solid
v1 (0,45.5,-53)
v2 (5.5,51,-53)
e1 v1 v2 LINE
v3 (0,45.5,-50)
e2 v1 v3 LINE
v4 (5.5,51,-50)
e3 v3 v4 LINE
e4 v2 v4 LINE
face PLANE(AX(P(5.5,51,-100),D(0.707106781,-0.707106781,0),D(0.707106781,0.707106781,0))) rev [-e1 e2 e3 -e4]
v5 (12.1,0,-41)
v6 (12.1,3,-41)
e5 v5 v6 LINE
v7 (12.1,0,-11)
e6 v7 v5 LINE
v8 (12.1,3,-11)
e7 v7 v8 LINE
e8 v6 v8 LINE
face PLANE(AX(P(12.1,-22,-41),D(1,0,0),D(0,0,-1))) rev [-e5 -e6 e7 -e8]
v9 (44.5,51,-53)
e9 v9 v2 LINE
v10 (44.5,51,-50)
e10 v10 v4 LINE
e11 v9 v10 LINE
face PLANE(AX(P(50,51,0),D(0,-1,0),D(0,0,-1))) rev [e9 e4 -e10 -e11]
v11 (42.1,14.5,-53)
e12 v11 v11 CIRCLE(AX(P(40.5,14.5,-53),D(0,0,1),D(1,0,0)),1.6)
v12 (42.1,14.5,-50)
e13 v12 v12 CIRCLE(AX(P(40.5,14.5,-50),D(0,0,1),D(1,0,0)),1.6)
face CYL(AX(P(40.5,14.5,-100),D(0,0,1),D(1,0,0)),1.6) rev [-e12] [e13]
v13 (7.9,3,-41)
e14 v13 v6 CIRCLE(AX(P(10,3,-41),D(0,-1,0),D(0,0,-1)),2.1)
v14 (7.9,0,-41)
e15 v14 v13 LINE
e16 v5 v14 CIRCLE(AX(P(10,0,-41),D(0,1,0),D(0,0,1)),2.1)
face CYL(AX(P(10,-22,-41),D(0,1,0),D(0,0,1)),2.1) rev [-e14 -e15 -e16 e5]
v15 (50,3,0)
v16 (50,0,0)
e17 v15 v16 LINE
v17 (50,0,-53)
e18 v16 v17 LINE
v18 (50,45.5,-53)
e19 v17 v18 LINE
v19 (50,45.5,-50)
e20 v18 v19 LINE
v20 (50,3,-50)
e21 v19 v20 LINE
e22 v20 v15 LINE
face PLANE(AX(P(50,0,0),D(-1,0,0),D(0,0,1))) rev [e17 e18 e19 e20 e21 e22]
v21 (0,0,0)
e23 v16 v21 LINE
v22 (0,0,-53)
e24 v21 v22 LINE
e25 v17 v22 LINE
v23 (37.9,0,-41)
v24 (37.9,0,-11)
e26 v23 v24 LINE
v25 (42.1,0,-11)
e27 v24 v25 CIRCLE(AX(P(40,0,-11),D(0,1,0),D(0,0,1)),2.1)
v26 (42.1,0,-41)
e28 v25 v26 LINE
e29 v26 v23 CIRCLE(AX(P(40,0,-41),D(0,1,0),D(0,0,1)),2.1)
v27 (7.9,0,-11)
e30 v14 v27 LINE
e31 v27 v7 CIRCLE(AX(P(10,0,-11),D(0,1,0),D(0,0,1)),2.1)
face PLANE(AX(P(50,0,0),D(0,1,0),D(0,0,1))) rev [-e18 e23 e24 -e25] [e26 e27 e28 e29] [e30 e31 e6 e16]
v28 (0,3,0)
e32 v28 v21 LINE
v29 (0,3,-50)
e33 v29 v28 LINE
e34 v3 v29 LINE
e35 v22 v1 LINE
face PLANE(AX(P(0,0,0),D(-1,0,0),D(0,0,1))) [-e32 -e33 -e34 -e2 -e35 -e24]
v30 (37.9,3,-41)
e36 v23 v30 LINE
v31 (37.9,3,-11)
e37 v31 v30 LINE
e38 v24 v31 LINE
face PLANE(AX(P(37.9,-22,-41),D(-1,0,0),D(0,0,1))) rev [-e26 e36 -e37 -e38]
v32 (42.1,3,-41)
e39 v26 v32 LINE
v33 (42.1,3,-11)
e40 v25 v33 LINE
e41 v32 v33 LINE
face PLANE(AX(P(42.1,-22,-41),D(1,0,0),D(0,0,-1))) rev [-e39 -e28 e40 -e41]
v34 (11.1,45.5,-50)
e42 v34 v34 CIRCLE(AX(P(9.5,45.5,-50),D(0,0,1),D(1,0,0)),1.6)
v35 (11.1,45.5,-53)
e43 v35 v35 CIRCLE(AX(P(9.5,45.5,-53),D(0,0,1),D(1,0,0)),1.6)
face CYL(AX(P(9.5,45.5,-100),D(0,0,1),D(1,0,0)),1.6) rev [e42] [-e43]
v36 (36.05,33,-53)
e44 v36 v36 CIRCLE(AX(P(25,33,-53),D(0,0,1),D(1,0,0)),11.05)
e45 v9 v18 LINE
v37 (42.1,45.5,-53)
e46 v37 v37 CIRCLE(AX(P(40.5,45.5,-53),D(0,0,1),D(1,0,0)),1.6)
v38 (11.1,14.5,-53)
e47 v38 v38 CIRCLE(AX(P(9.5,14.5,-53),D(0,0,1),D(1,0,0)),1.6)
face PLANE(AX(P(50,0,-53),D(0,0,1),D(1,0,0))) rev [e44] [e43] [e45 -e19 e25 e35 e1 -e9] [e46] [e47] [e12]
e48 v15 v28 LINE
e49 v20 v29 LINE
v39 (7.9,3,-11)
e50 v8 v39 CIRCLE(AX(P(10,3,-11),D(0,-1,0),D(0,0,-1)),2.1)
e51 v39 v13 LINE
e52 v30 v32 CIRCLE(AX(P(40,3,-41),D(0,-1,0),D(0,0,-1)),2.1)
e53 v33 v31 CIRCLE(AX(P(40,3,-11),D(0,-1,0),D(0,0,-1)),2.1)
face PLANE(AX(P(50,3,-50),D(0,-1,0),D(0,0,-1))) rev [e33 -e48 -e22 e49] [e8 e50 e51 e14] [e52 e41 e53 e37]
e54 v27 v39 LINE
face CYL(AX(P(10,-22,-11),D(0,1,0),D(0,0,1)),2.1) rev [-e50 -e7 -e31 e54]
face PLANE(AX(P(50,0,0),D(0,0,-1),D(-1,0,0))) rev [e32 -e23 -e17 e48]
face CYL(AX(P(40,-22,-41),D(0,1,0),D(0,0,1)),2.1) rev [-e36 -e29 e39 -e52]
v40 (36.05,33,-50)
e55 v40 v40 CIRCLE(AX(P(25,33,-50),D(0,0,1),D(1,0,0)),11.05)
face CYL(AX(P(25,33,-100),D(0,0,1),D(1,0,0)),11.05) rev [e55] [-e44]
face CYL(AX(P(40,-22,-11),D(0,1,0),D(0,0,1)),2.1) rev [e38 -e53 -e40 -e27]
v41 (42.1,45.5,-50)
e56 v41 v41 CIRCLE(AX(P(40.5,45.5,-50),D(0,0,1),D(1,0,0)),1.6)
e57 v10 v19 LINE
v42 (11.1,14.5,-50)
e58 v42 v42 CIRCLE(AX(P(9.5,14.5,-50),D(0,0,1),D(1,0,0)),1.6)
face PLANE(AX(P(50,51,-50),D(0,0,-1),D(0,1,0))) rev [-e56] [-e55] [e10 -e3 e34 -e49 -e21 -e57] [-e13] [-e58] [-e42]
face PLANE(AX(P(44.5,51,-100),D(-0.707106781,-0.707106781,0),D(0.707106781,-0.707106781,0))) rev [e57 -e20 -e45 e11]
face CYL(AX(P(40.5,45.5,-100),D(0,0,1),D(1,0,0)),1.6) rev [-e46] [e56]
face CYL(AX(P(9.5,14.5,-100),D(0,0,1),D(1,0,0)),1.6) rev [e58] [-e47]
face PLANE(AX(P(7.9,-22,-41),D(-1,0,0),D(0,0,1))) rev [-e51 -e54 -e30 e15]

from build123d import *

# Parameters (mm, degrees)
SKETCH_1_W          = 53
SKETCH_1_H          = 51
EXTRUDE_1_DEPTH     = 50
SKETCH_2_W          = 50
SKETCH_2_H          = 48
CUT_EXTRUDE_1_DEPTH = 50
CUT_EXTRUDE_2_DEPTH = 25
SKETCH_4_R          = 11.05
SKETCH_4_R_2        = 1.6
CUT_EXTRUDE_3_DEPTH = 50


with BuildPart() as part:
    # 草图1 → 凸台-拉伸1 (new body)
    with BuildSketch(Plane(origin=(0, 0, 0), x_dir=(0, 0, -1), z_dir=(1, 0, 0))):
        with Locations((26.5, 25.5)):
            Rectangle(SKETCH_1_W, SKETCH_1_H)
    extrude(amount=EXTRUDE_1_DEPTH)

    # 草图2 → 切除-拉伸1 (cut)
    with BuildSketch(Plane.ZY):
        with Locations((-25, 27)):
            Rectangle(SKETCH_2_W, SKETCH_2_H)
    extrude(amount=-CUT_EXTRUDE_1_DEPTH, mode=Mode.SUBTRACT)

    # 草图3 → 切除-拉伸2 (cut, symmetric)
    with BuildSketch(Plane(origin=(0, 3, 0), x_dir=(1, 0, 0), z_dir=(0, 1, 0))):
        with BuildLine():
            Line((7.9, 41), (7.9, 11))
            ThreePointArc((7.9, 11), (10, 8.9), (12.1, 11))
            Line((12.1, 11), (12.1, 41))
            ThreePointArc((12.1, 41), (10, 43.1), (7.9, 41))
        make_face()
        with BuildLine():
            Line((37.9, 41), (37.9, 11))
            ThreePointArc((37.9, 11), (40, 8.9), (42.1, 11))
            Line((42.1, 11), (42.1, 41))
            ThreePointArc((42.1, 41), (40, 43.1), (37.9, 41))
        make_face()
    extrude(amount=CUT_EXTRUDE_2_DEPTH, both=True, mode=Mode.SUBTRACT)

    # 草图4 → 切除-拉伸3 (cut)
    with BuildSketch(Plane.XY.offset(-50)):
        with Locations((25, 33)):
            Circle(SKETCH_4_R)
        with Locations((9.5, 45.5)):
            Circle(SKETCH_4_R_2)
        with Locations((40.5, 45.5)):
            Circle(SKETCH_4_R_2)
        with Locations((9.5, 14.5)):
            Circle(SKETCH_4_R_2)
        with Locations((40.5, 14.5)):
            Circle(SKETCH_4_R_2)
        Polygon((5.5, 51), (0, 45.5), (0, 51), align=None)
        Polygon((44.5, 51), (50, 45.5), (50, 51), align=None)
    extrude(amount=-CUT_EXTRUDE_3_DEPTH, mode=Mode.SUBTRACT)


solid = part.part
